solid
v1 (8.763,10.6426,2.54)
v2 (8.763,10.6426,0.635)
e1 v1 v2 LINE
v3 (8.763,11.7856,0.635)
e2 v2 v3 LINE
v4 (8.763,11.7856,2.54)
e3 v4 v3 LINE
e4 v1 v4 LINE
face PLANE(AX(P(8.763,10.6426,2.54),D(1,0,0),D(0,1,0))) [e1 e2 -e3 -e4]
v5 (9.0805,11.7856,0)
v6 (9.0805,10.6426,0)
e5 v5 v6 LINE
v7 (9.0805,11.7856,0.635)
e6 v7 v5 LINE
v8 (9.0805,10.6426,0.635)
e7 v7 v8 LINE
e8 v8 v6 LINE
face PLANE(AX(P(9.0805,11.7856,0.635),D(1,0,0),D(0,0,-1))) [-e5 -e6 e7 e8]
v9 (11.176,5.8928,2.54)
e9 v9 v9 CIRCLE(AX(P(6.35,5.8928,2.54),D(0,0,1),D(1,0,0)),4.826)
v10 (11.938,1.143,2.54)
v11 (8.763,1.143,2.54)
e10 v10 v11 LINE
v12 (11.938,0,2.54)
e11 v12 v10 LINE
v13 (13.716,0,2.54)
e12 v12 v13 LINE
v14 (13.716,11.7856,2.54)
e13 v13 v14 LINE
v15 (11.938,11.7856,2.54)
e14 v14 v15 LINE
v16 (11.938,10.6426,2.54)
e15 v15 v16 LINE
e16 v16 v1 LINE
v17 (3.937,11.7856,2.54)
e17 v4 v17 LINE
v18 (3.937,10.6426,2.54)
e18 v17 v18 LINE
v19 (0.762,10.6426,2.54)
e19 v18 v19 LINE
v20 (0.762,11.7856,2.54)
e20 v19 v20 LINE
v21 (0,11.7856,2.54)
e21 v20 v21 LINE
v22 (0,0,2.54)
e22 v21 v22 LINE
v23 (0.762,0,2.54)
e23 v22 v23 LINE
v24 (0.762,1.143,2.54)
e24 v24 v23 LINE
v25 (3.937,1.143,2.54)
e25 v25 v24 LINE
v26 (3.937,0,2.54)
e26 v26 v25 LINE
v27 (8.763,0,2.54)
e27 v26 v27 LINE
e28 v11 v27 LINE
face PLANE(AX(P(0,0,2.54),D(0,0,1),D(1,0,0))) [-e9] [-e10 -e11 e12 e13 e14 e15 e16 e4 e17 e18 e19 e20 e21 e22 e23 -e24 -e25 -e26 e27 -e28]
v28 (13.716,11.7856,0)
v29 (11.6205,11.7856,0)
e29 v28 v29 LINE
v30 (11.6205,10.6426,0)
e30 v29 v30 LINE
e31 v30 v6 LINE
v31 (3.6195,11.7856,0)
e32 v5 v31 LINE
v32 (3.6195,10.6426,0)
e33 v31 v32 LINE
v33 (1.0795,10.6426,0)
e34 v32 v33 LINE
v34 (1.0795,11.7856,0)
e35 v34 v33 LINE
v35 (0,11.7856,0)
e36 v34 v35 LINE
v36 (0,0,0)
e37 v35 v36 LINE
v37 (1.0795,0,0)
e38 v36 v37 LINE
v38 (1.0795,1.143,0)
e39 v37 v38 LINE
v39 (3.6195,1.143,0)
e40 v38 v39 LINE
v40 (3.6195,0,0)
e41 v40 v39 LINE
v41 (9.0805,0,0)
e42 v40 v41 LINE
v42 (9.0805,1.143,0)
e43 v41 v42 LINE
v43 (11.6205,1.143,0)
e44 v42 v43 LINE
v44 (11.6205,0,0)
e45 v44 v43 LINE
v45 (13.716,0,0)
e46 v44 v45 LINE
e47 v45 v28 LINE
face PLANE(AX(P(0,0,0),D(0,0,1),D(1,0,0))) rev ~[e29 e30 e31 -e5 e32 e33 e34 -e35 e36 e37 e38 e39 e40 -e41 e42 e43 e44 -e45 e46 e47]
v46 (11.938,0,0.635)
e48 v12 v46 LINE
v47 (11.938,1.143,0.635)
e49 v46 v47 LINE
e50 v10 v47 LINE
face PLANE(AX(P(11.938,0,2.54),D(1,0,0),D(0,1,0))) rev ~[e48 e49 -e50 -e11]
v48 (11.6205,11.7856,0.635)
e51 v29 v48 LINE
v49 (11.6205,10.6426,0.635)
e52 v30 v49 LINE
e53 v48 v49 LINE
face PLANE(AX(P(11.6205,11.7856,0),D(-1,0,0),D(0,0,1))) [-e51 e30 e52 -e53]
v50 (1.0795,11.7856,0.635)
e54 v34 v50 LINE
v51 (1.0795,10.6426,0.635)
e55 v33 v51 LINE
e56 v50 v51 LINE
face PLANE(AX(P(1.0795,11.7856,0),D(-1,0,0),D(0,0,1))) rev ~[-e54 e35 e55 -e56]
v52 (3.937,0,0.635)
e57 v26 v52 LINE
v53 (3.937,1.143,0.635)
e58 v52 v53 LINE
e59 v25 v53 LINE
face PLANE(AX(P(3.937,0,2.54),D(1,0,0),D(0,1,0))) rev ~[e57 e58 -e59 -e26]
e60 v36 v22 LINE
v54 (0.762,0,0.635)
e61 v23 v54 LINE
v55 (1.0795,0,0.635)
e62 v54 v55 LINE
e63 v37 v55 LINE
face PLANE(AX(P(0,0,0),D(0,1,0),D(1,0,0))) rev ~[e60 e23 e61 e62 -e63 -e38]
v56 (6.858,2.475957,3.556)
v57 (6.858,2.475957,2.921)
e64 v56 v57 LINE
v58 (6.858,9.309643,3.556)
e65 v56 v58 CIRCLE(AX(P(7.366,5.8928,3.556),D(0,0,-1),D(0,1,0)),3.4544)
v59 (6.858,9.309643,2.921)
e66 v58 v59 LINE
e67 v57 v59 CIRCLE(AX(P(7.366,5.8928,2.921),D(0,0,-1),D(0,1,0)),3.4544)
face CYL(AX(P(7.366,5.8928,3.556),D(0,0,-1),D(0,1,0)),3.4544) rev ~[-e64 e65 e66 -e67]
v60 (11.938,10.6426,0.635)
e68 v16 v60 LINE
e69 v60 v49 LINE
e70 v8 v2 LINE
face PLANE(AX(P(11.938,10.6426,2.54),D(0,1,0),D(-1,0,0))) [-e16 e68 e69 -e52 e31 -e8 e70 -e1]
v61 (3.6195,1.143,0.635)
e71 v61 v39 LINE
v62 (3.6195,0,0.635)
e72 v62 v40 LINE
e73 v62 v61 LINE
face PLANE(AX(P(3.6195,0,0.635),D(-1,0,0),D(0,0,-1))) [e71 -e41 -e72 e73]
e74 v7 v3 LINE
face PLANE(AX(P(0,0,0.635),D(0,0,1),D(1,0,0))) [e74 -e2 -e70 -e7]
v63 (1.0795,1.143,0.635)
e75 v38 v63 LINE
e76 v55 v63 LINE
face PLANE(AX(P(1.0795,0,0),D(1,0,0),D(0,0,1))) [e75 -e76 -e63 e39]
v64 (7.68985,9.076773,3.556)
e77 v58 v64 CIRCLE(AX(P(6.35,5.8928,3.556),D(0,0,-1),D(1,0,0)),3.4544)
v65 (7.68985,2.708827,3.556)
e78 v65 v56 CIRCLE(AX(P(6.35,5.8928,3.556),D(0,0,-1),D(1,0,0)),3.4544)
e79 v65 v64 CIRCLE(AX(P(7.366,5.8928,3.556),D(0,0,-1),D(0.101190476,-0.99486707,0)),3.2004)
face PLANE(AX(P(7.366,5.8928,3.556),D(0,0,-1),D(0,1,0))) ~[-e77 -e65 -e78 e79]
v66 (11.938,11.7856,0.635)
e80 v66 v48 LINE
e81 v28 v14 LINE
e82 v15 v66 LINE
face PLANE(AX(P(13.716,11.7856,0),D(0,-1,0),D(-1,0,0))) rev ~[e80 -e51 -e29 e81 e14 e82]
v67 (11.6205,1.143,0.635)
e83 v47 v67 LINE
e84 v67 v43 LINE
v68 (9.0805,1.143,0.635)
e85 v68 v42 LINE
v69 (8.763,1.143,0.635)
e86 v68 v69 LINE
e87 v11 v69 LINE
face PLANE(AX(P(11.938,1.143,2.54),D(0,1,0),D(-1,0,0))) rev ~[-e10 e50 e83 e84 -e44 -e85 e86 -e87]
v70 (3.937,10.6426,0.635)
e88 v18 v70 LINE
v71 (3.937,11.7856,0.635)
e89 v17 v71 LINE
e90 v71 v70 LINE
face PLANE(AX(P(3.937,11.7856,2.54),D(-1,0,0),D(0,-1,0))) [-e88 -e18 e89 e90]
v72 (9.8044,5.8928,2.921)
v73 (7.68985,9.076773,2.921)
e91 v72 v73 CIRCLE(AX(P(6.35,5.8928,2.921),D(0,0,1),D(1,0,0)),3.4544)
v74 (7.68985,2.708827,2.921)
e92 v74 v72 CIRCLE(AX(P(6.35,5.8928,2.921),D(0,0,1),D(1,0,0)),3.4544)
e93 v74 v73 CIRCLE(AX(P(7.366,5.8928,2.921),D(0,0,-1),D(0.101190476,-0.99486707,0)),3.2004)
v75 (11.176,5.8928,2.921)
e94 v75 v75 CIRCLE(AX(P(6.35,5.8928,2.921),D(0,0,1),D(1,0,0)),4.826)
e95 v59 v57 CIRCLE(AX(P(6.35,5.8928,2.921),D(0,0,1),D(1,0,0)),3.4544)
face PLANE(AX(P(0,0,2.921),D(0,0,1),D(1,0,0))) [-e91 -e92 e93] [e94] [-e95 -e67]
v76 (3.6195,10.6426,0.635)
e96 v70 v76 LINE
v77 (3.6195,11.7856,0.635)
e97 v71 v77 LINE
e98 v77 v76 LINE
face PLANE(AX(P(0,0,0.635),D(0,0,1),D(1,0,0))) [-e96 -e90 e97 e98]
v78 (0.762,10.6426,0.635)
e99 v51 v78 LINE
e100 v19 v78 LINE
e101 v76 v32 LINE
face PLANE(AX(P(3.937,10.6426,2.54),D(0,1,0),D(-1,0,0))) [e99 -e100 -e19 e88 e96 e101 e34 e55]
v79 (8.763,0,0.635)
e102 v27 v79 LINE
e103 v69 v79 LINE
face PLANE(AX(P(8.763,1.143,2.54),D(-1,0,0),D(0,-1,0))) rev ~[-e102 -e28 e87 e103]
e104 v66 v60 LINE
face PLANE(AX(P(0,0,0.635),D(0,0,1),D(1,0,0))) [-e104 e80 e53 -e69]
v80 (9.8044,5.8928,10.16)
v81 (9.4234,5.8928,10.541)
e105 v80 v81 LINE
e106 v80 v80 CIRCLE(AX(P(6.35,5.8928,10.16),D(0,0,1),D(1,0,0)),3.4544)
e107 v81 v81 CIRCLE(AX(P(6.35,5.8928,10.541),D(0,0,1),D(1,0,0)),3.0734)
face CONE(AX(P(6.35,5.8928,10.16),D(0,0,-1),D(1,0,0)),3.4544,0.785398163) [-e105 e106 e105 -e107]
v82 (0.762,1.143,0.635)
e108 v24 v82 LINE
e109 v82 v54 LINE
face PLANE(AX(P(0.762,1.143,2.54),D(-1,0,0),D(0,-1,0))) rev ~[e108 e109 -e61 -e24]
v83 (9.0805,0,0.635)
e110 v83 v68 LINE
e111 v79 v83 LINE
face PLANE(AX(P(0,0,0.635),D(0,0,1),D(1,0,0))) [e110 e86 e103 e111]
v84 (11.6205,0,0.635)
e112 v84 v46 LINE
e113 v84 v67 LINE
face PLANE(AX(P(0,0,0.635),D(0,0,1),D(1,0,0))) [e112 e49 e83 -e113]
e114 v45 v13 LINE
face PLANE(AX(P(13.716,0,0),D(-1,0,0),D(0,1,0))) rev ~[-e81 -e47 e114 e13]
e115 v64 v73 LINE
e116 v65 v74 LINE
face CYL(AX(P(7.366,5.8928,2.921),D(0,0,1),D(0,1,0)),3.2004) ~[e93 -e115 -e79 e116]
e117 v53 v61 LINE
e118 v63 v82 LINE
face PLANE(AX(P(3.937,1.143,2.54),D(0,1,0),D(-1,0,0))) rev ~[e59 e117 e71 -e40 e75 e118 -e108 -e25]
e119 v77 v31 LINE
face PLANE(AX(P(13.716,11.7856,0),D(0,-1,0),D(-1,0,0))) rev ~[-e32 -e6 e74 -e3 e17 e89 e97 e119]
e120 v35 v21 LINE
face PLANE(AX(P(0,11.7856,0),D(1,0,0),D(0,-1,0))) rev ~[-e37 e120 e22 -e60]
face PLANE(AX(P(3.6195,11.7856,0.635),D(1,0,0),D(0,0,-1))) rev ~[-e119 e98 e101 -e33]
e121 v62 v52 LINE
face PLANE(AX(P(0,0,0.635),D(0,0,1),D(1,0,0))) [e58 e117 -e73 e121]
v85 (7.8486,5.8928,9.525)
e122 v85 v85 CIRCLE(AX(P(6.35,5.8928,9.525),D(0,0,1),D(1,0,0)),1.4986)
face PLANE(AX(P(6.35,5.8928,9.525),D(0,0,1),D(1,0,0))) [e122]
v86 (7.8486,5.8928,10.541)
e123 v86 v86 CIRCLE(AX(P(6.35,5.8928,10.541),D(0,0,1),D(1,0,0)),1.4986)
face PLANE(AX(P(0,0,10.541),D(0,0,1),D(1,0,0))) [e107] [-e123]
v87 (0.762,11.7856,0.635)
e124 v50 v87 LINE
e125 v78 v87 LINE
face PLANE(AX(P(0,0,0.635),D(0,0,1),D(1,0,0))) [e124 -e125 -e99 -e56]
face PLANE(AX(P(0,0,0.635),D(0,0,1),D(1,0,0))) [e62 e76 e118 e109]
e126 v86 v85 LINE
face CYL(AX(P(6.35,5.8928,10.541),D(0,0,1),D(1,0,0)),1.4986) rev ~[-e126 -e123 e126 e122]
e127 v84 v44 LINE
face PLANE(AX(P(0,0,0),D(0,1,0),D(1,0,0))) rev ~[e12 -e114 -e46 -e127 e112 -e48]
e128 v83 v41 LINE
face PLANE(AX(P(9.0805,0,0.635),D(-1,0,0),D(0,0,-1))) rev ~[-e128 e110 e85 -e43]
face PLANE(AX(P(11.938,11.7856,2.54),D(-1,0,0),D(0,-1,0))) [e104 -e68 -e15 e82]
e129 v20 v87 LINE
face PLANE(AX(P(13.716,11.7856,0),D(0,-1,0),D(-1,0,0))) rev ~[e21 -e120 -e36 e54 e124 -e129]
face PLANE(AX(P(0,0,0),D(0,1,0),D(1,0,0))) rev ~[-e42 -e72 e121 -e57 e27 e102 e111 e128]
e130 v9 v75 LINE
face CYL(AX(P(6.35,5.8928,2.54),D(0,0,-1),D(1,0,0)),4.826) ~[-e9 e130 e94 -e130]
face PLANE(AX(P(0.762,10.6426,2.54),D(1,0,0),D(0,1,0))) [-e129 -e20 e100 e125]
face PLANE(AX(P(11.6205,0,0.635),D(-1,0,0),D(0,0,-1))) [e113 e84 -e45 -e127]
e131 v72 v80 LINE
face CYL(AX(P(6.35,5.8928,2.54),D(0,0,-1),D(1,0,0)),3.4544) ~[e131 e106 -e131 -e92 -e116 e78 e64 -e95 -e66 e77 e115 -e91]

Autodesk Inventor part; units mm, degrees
ref_plane "XZ Plane" through (0, 0, 0) normal (0, 1, 0) x (-1, 0, 0)
ref_plane "XY Plane" through (0, 0, 0) normal (0, 0, 1) x (1, 0, 0)
sketch "Sketch1" plane through (0, 0, 0) normal (0, 0, 1) x (1, 0, 0)
  line L0 (0, 0) -> (13.716, 0)
  line L1 (13.716, 0) -> (13.716, 11.7856)
  line L2 (13.716, 11.7856) -> (0, 11.7856)
  line L3 (0, 11.7856) -> (0, 0)
  dimension "d0" = 13.716
  dimension "d1" = 11.7856
extrude "Extrusion1" add sketch "Sketch1" along normal blind 2.54
sketch "Sketch2" plane through (0, 0, 2.54) normal (0, 0, 1) x (1, 0, 0)
  line L0 (13.716, 0) -> (13.716, 11.7856) projected
  line L1 (13.716, 11.7856) -> (0, 11.7856) projected
  circle A0 centre (6.35, 5.8928) radius 3.4544
  dimension "d4" = 6.9088
  dimension "d5" = 7.366
  dimension "d6" = 11.7856
  dimension "d7" = 5.8928
extrude "Extrusion2" add sketch "Sketch2" along normal blind 8.001
thread "Thread1" size "M7x1" class "6g" standard "ISO Metric profile" full length
sketch "Sketch3" plane through (0, 0, 2.54) normal (0, 0, 1) x (1, 0, 0)
  circle A0 centre (6.35, 5.8928) radius 3.4544 projected
  circle A1 centre (6.35, 5.8928) radius 4.826
  dimension "d12" = 9.652
extrude "Extrusion3" add sketch "Sketch3" along normal blind 0.381
chamfer "Chamfer1" distance 0.381 angle 45 1 edges at (2.8956, 5.8928, 10.541)
ref_plane "Work Plane1" through (7.366, 0, 0) normal (1, 0, 0) x (0, 1, 0)
sketch "Sketch4" plane through (7.366, 0, 0) normal (1, 0, 0) x (0, 1, 0)
  line L0 (11.7856, 0) -> (0, 0) projected
  line L1 (9.3472, 2.921) -> (2.4384, 2.921) projected
  line L2 (5.8928, 2.921) -> (5.8928, -2.4744)
  line L3 (9.3472, 2.921) -> (9.0932, 2.921)
  line L4 (9.0932, 2.921) -> (9.0932, 3.556)
  line L5 (9.0932, 3.556) -> (9.3472, 3.556)
  line L6 (9.3472, 3.556) -> (9.3472, 2.921)
  dimension "d19" = 0.254
  dimension "d20" = 0.635
revolve "Revolution1" cut sketch "Sketch4" angle 360 about axis through (7.366, 5.8928, 2.921) along (0, 0, -1)
sketch "Sketch5" plane through (6.35, 5.8928, 10.541) normal (0, 0, 1) x (1, 0, 0)
  circle A0 centre (0, 0) radius 4.826 projected
  circle A1 centre (0, 0) radius 1.4986
  point P0 (-6.35, -5.8928)
  dimension "d22" = 2.9972
extrude "Extrusion4" cut sketch "Sketch5" against normal blind 1.016 contours A1
sketch "Sketch6" plane through (0, 0, 2.54) normal (0, 0, 1) x (1, 0, 0)
  line L0 (0, 0) -> (13.716, 0) projected
  line L1 (13.716, 11.7856) -> (0, 11.7856) projected
  line L2 (8.763, 0) -> (11.938, 0)
  line L3 (11.938, 0) -> (11.938, 1.143)
  line L4 (11.938, 1.143) -> (8.763, 1.143)
  line L5 (8.763, 1.143) -> (8.763, 0)
  line L6 (0.762, 0) -> (3.937, 0)
  line L7 (3.937, 0) -> (3.937, 1.143)
  line L8 (3.937, 1.143) -> (0.762, 1.143)
  line L9 (0.762, 1.143) -> (0.762, 0)
  line L10 (0.762, 11.7856) -> (3.937, 11.7856)
  line L11 (3.937, 11.7856) -> (3.937, 10.6426)
  line L12 (3.937, 10.6426) -> (0.762, 10.6426)
  line L13 (0.762, 10.6426) -> (0.762, 11.7856)
  line L14 (8.763, 11.7856) -> (11.938, 11.7856)
  line L15 (11.938, 11.7856) -> (11.938, 10.6426)
  line L16 (11.938, 10.6426) -> (8.763, 10.6426)
  line L17 (8.763, 10.6426) -> (8.763, 11.7856)
  circle A0 centre (6.35, 5.8928) radius 4.826 projected
  arc A1 (6.8134, 3.2019) -> (3.704, 6.5668) centre (6.35, 5.8928) ccw projected
  circle A2 centre (6.35, 5.8928) radius 1.4859 projected
  point P0 (11.938, 0.5715)
  point P1 (11.938, 11.2141)
  point P2 (0.762, 0.5715)
  point P3 (0.762, 11.2141)
  point P4 (2.3495, 10.6426)
  point P5 (10.3505, 10.6426)
  point P6 (2.3495, 1.143)
  point P7 (10.3505, 1.143)
  dimension "d25" = 3.175
  dimension "d26" = 3.175
  dimension "d27" = 3.175
  dimension "d28" = 3.175
  dimension "d29" = 13.716
  dimension "d30" = 11.176
  dimension "d32" = 1.143
  dimension "d33" = 1.143
  dimension "d34" = 4.826
  dimension "d35" = 0.762
extrude "Extrusion5" cut sketch "Sketch6" against normal blind 1.905 contours L9 L8 L7 L0 | L5 L4 L3 L0 | L15 L16 L17 L1 | L11 L12 L13 L1
sketch "Sketch7" plane through (0, 0, 0) normal (0, -1, 0) x (1, 0, 0)
  line L0 (3.937, 2.54) -> (3.937, 0.635) projected
  line L1 (3.937, 0.635) -> (0.762, 0.635) projected
  line L2 (0.762, 0.635) -> (0.762, 2.54) projected
  line L3 (0, 2.54) -> (0.762, 2.54) projected
  line L4 (0, 0) -> (0, 2.54) projected
  line L5 (0, 0) -> (13.716, 0) projected
  line L6 (11.938, 0.635) -> (8.763, 0.635) projected
  line L7 (8.763, 0.635) -> (8.763, 2.54) projected
  line L8 (3.937, 2.54) -> (8.763, 2.54) projected
  line L9 (11.6205, 0.635) -> (11.6205, 0)
  line L10 (8.763, 0.635) -> (11.938, 0.635) projected
  line L11 (9.0805, 0.635) -> (9.0805, 0)
  line L12 (13.716, 0) -> (0, 0) projected
  dimension "d38" = 3.175
  dimension "d39" = 2.54
  dimension "d40" = 0.3175
extrude "Extrusion6" cut sketch "Sketch7" against normal up to surface (1.143 mm away) contours L6 L9 L5 L11
sketch "Sketch8" plane through (0, 0, 0) normal (0, -1, 0) x (1, 0, 0)
  line L0 (3.937, 0.635) -> (0.762, 0.635) projected
  line L1 (0, 0) -> (9.0805, 0) projected
  line L2 (1.0795, 0.635) -> (3.6195, 0.635)
  line L3 (3.6195, 0.635) -> (3.6195, 0)
  line L4 (3.6195, 0) -> (1.0795, 0)
  line L5 (1.0795, 0) -> (1.0795, 0.635)
  dimension "d43" = 2.54
  dimension "d44" = 3.175
  dimension "d45" = 0.3175
extrude "Extrusion7" cut sketch "Sketch8" against normal up to surface (1.143 mm away)
sketch "Sketch9" plane through (0, 11.7856, 0) normal (0, 1, 0) x (1, 0, 0)
  line L0 (11.938, -0.635) -> (11.938, -2.54) projected
  line L1 (13.716, 0) -> (0, 0) projected
  line L2 (0.762, -0.635) -> (3.937, -0.635) projected
  line L3 (8.763, -2.54) -> (3.937, -2.54) projected
  line L4 (1.0795, -0.635) -> (3.6195, -0.635)
  line L5 (3.6195, -0.635) -> (3.6195, 0)
  line L6 (3.6195, 0) -> (1.0795, 0)
  line L7 (1.0795, 0) -> (1.0795, -0.635)
  line L8 (6.35, -2.54) -> (6.35, 1.5973)
  line L9 (11.6205, -0.635) -> (9.0805, -0.635)
  line L10 (9.0805, -0.635) -> (9.0805, 0)
  line L11 (9.0805, 0) -> (11.6205, 0)
  line L12 (11.6205, 0) -> (11.6205, -0.635)
  point P0 (12.7, 0)
  point P1 (11.938, -0.635)
  dimension "d48" = 2.54
  dimension "d49" = 3.175
  dimension "d50" = 0.3175
  dimension "d51" = 0.3175
extrude "Extrusion8" cut sketch "Sketch9" against normal up to surface (1.143 mm away)
equation "\"d7\" = 0.5 * d6"
equation "\"d40\" = -0.5 * d39 + 0.5 * d38"
equation "\"d45\" = -0.5 * d43 + 0.5 * d44"
equation "\"d50\" = -0.5 * d48 + 0.5 * d49"
properties part number "mtg flange"
